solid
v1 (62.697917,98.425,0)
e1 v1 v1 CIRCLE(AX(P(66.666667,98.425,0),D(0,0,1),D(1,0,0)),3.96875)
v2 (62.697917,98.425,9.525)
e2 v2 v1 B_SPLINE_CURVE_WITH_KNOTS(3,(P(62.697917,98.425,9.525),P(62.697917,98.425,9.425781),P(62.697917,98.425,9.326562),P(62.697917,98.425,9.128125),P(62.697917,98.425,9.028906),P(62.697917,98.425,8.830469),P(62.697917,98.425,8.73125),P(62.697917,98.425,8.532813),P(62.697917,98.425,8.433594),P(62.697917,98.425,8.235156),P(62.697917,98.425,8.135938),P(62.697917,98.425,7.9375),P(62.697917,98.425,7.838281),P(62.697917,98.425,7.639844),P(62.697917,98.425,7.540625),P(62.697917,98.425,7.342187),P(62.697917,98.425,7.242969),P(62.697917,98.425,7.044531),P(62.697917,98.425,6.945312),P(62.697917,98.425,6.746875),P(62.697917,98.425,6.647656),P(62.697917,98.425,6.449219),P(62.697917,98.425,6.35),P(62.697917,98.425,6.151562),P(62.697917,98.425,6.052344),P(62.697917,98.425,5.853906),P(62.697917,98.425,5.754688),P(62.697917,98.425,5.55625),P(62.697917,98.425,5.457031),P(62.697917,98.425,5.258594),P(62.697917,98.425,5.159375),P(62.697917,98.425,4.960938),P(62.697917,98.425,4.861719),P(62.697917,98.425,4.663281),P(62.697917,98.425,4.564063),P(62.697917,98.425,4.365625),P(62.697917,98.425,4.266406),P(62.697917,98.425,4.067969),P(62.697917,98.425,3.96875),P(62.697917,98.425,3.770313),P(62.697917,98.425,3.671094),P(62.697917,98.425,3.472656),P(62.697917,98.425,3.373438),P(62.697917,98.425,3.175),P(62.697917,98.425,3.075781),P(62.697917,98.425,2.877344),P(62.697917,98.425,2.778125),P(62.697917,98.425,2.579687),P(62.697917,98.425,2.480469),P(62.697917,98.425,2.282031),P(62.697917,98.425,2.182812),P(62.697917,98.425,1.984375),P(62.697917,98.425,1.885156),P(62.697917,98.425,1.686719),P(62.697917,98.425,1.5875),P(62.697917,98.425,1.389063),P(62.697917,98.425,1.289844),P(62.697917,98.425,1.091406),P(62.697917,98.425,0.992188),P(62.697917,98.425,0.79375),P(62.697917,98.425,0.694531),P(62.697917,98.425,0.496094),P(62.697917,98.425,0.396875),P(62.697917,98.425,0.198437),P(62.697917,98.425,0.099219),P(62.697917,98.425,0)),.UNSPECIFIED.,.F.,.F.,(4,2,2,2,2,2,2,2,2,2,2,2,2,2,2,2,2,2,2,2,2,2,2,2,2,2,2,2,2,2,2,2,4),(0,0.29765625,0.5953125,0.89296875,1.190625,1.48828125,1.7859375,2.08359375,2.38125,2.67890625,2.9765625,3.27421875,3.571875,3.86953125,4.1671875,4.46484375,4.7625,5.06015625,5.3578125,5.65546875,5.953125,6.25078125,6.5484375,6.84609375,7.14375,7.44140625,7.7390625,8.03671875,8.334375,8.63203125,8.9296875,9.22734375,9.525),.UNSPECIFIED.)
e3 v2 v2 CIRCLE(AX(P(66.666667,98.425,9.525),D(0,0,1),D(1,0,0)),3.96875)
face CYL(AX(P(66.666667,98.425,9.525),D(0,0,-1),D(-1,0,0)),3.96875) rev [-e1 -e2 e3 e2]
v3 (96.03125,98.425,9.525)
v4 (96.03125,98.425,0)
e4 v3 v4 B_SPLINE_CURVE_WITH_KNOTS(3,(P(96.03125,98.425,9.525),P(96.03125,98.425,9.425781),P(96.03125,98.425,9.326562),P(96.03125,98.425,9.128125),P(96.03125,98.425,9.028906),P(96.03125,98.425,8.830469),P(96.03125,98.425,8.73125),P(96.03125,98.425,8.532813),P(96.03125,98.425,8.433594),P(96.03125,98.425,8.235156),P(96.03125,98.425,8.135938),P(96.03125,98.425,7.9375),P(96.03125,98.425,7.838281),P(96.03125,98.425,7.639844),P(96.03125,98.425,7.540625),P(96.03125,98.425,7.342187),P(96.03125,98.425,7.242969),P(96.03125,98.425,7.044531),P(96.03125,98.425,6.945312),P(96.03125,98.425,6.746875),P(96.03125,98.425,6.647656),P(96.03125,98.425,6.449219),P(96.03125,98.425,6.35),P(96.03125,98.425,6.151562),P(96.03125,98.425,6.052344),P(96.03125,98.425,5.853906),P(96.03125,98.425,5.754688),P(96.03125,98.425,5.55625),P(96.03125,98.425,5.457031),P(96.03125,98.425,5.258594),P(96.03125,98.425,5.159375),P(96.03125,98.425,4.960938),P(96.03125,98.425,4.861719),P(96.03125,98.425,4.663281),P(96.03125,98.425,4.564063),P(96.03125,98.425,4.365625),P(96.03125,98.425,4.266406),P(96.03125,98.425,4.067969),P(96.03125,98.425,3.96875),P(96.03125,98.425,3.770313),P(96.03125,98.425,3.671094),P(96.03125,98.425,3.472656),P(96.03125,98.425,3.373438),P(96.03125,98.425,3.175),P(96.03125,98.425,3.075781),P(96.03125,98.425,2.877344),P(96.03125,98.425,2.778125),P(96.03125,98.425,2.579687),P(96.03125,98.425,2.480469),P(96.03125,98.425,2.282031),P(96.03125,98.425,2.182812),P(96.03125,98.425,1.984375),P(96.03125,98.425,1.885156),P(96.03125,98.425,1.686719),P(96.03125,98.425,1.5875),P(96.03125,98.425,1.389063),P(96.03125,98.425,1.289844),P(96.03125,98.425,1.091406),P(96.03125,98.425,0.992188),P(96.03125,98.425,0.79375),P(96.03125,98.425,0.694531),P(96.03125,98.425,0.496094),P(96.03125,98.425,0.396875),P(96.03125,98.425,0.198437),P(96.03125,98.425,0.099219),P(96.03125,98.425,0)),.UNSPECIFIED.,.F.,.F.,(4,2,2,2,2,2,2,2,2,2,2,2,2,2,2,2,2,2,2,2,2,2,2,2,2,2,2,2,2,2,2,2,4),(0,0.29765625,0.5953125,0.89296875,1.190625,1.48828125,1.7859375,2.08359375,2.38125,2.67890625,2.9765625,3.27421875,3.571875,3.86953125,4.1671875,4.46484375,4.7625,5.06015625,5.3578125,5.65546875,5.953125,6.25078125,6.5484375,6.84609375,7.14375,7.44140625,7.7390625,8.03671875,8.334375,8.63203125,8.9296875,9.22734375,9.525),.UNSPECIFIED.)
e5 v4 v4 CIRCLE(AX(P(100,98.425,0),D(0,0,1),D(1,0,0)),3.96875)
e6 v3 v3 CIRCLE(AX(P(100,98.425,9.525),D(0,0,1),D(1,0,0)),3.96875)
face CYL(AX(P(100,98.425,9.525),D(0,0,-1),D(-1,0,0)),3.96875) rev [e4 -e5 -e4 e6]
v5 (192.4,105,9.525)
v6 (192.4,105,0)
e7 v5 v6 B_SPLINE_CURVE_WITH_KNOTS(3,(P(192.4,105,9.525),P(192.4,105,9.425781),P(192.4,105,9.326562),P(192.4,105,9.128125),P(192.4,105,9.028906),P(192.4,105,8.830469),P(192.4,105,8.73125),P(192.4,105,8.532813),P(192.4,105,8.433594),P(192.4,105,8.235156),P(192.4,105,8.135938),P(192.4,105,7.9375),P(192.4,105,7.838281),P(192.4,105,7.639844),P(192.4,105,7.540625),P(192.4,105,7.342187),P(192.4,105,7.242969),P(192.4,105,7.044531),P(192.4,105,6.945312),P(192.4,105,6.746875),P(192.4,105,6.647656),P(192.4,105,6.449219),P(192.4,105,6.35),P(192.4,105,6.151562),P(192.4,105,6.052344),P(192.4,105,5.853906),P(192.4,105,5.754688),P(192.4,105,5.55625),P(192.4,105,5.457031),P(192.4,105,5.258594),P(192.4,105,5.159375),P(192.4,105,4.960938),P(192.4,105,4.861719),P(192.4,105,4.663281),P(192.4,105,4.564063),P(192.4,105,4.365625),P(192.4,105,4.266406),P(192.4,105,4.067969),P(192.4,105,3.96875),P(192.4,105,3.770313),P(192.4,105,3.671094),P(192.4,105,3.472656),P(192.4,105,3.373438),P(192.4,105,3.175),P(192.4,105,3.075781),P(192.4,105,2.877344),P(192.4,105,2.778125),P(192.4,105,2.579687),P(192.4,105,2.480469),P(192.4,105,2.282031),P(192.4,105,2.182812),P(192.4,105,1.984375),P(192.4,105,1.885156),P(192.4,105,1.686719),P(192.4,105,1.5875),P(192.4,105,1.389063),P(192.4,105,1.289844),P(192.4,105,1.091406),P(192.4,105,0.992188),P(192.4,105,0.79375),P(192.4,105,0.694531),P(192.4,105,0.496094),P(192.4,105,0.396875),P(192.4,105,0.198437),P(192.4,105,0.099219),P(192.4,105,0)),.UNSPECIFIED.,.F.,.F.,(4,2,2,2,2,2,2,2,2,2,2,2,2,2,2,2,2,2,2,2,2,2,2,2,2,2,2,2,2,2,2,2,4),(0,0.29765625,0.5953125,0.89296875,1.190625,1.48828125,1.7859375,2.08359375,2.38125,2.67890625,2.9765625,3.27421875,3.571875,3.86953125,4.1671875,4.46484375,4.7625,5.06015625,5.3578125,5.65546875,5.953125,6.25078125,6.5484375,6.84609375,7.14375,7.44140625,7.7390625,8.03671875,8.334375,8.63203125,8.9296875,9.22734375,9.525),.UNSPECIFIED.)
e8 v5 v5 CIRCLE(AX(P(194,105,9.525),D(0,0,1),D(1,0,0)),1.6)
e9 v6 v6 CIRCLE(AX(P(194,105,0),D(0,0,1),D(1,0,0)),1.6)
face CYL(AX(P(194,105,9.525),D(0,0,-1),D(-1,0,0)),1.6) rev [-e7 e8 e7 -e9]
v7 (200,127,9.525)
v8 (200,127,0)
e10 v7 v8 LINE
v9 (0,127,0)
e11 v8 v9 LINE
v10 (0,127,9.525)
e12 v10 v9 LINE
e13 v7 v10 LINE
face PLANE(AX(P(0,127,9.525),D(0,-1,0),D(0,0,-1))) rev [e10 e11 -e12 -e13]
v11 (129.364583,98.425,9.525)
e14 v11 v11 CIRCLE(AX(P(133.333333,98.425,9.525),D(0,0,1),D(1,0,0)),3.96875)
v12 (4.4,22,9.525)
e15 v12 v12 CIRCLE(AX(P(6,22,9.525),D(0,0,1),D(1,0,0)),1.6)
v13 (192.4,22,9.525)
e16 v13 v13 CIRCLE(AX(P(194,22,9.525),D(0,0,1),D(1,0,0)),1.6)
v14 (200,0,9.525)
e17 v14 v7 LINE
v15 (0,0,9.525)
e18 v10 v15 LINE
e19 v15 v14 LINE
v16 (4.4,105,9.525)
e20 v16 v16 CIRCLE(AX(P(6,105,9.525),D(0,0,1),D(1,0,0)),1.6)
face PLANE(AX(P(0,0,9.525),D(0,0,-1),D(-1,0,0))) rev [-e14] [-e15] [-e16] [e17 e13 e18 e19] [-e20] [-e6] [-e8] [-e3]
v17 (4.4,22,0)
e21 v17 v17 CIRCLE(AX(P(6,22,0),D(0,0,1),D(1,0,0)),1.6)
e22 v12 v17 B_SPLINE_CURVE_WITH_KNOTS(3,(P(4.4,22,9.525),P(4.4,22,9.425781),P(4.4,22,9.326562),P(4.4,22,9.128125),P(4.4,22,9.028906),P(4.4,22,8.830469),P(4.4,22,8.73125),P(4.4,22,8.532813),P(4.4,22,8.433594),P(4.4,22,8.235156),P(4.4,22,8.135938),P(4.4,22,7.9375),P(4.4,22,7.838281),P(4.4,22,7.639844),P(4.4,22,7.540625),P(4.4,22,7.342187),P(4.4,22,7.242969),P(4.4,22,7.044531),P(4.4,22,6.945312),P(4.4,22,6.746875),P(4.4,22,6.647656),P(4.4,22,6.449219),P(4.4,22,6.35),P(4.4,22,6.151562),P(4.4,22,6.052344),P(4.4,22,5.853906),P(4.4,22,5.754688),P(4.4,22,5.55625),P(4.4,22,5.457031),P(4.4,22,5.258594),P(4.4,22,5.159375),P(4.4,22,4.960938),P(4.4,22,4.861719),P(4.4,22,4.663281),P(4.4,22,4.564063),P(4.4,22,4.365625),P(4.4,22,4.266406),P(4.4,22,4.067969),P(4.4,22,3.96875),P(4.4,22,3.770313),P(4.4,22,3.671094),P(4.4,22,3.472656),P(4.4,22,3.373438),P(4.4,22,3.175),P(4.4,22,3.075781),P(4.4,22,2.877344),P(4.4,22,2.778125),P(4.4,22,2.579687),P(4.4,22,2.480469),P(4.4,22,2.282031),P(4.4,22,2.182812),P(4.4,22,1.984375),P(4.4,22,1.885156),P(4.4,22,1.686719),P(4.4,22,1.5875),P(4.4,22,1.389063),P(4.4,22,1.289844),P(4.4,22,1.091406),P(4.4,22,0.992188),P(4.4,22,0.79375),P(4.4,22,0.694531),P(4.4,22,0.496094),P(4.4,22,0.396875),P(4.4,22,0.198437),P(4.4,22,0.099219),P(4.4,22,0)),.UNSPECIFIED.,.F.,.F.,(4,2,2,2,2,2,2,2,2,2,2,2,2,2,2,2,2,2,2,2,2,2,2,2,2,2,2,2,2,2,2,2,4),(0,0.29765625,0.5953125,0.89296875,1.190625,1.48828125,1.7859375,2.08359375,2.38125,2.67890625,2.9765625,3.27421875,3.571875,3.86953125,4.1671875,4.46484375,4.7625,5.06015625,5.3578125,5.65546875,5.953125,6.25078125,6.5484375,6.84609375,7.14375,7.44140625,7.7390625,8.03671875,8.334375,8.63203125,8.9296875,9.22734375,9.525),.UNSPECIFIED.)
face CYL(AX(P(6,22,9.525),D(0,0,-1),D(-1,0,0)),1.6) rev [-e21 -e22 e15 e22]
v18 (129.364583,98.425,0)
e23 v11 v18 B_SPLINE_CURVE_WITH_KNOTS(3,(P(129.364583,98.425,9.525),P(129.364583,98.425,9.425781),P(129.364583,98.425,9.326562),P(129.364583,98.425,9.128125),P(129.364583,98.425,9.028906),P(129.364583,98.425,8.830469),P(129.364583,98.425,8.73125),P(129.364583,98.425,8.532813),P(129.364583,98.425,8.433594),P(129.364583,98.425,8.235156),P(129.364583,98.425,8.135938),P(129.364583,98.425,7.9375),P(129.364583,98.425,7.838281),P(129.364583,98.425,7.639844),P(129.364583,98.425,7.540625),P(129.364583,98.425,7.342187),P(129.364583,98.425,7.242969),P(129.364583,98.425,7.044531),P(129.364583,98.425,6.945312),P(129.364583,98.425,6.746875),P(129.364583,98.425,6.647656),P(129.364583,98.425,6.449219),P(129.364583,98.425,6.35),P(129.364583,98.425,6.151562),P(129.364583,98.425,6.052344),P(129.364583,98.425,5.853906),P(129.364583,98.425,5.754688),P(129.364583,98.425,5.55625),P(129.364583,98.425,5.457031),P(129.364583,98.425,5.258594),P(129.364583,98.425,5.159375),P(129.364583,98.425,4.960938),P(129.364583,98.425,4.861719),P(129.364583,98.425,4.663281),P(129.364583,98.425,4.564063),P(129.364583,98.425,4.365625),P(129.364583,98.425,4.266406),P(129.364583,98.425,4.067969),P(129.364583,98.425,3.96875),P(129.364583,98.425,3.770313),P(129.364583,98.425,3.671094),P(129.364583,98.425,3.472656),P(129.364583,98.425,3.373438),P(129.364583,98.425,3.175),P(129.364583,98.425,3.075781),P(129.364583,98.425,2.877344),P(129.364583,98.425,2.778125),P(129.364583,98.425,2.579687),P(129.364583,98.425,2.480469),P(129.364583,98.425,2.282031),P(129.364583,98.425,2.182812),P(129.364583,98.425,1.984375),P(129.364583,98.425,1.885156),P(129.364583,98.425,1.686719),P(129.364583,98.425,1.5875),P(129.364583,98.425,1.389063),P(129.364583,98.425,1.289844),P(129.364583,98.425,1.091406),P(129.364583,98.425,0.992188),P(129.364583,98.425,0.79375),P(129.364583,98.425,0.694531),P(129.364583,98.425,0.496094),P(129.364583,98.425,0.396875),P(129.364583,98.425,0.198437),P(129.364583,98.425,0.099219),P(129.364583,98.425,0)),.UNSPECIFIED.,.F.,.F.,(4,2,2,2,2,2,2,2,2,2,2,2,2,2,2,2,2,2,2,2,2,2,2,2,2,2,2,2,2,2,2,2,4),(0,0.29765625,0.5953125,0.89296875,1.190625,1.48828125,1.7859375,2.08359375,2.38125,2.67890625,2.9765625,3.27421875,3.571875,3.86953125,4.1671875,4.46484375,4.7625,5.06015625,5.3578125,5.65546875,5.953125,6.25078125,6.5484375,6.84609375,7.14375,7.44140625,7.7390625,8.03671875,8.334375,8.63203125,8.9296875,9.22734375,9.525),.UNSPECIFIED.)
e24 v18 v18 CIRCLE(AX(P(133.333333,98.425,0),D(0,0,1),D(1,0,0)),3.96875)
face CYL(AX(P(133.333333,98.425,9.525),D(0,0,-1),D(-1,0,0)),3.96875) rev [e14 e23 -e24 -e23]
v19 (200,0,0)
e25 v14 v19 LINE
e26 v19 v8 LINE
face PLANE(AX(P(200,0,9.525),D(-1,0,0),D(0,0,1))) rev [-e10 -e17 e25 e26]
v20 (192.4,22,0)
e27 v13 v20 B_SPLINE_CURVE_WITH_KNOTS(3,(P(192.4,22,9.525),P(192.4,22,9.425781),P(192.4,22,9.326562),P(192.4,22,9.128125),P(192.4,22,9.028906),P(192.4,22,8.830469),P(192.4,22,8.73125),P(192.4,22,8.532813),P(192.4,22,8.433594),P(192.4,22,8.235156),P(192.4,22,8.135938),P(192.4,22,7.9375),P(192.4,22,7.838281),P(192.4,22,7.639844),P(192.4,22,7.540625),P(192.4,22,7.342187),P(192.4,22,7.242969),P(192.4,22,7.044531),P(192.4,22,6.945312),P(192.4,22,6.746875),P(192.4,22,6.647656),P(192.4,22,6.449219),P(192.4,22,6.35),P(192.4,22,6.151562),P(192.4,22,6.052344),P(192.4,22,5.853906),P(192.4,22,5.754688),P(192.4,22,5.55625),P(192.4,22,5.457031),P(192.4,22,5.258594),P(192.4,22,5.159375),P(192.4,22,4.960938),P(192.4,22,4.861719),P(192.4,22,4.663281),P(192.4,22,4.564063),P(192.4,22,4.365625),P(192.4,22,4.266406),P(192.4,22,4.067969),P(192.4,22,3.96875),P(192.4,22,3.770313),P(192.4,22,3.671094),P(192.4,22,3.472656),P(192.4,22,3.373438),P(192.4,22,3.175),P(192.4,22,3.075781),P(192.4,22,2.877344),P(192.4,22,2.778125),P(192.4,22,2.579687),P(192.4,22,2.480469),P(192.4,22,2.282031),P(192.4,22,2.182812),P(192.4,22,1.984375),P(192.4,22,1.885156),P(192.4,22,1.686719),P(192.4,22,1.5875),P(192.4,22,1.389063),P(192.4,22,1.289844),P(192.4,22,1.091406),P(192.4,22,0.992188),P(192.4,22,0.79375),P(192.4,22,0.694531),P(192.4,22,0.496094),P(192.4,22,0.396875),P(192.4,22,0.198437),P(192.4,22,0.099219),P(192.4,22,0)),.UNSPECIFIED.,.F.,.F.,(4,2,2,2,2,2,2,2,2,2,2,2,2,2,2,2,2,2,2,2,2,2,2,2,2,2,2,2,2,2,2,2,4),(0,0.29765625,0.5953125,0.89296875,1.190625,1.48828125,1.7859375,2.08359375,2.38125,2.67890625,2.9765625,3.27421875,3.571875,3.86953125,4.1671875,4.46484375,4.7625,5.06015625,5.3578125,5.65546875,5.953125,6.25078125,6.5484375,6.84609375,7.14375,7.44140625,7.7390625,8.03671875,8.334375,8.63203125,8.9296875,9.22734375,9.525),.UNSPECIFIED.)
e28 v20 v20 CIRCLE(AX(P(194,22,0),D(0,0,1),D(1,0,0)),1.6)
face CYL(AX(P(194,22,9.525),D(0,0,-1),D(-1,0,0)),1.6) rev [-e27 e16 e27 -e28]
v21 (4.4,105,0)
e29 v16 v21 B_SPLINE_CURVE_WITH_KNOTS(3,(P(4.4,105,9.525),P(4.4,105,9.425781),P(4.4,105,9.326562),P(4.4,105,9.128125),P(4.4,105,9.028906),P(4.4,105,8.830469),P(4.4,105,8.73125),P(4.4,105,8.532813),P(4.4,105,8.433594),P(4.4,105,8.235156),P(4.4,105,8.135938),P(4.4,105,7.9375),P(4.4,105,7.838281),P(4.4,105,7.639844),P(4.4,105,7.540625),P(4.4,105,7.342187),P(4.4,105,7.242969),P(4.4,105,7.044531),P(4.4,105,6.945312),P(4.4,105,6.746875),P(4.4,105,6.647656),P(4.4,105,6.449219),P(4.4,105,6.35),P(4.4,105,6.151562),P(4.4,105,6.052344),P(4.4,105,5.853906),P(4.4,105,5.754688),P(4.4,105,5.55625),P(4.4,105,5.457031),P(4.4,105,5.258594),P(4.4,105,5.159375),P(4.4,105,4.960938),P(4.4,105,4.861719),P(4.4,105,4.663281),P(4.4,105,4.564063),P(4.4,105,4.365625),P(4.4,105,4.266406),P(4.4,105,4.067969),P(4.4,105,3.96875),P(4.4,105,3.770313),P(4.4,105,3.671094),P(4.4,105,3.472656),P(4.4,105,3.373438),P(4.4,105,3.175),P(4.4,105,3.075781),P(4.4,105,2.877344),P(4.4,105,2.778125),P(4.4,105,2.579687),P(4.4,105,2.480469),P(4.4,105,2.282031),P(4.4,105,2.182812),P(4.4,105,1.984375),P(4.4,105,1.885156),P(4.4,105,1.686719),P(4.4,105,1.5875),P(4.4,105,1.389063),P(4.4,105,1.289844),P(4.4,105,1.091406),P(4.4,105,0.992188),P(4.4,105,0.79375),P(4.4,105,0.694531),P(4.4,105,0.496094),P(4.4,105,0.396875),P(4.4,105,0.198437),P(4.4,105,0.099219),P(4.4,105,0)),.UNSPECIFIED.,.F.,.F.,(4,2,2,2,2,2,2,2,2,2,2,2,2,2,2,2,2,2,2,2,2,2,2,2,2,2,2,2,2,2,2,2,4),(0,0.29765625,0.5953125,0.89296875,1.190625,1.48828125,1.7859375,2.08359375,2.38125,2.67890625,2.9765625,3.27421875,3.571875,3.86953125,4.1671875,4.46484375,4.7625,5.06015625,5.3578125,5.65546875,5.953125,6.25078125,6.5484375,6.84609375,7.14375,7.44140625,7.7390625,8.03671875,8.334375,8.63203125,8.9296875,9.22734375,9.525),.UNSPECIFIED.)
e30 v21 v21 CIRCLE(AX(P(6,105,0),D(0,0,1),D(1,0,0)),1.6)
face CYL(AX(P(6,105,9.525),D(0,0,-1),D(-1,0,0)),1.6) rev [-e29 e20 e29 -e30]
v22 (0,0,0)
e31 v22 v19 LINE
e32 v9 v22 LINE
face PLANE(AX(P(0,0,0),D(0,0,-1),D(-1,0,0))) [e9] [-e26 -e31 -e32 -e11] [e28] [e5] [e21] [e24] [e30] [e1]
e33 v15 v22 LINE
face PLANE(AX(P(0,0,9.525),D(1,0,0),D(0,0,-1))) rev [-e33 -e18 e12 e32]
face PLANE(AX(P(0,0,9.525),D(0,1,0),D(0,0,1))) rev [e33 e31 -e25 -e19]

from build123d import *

# Parameters (mm, degrees)
SKETCH1_W           = 200
SKETCH1_H           = 127
SKETCH1_R           = 3.96875
SKETCH1_R_2         = 1.6
BOSS_EXTRUDE1_DEPTH = 9.525


with BuildPart() as part:
    # Sketch1 → Boss-Extrude1 (new body)
    with BuildSketch(Plane.XY):
        with Locations((100, 63.5)):
            Rectangle(SKETCH1_W, SKETCH1_H)
        with Locations(Location((66.666666667, 98.425, 0), (0, 0, 180))):
            Circle(SKETCH1_R, mode=Mode.SUBTRACT)
        with Locations(Location((100, 98.425, 0), (0, 0, 180))):
            Circle(SKETCH1_R, mode=Mode.SUBTRACT)
        with Locations(Location((133.333333333, 98.425, 0), (0, 0, 180))):
            Circle(SKETCH1_R, mode=Mode.SUBTRACT)
        with Locations(Location((6, 105, 0), (0, 0, 180))):
            Circle(SKETCH1_R_2, mode=Mode.SUBTRACT)
        with Locations(Location((6, 22, 0), (0, 0, 180))):
            Circle(SKETCH1_R_2, mode=Mode.SUBTRACT)
        with Locations(Location((194, 22, 0), (0, 0, 180))):
            Circle(SKETCH1_R_2, mode=Mode.SUBTRACT)
        with Locations(Location((194, 105, 0), (0, 0, 180))):
            Circle(SKETCH1_R_2, mode=Mode.SUBTRACT)
    extrude(amount=BOSS_EXTRUDE1_DEPTH)


solid = part.part
